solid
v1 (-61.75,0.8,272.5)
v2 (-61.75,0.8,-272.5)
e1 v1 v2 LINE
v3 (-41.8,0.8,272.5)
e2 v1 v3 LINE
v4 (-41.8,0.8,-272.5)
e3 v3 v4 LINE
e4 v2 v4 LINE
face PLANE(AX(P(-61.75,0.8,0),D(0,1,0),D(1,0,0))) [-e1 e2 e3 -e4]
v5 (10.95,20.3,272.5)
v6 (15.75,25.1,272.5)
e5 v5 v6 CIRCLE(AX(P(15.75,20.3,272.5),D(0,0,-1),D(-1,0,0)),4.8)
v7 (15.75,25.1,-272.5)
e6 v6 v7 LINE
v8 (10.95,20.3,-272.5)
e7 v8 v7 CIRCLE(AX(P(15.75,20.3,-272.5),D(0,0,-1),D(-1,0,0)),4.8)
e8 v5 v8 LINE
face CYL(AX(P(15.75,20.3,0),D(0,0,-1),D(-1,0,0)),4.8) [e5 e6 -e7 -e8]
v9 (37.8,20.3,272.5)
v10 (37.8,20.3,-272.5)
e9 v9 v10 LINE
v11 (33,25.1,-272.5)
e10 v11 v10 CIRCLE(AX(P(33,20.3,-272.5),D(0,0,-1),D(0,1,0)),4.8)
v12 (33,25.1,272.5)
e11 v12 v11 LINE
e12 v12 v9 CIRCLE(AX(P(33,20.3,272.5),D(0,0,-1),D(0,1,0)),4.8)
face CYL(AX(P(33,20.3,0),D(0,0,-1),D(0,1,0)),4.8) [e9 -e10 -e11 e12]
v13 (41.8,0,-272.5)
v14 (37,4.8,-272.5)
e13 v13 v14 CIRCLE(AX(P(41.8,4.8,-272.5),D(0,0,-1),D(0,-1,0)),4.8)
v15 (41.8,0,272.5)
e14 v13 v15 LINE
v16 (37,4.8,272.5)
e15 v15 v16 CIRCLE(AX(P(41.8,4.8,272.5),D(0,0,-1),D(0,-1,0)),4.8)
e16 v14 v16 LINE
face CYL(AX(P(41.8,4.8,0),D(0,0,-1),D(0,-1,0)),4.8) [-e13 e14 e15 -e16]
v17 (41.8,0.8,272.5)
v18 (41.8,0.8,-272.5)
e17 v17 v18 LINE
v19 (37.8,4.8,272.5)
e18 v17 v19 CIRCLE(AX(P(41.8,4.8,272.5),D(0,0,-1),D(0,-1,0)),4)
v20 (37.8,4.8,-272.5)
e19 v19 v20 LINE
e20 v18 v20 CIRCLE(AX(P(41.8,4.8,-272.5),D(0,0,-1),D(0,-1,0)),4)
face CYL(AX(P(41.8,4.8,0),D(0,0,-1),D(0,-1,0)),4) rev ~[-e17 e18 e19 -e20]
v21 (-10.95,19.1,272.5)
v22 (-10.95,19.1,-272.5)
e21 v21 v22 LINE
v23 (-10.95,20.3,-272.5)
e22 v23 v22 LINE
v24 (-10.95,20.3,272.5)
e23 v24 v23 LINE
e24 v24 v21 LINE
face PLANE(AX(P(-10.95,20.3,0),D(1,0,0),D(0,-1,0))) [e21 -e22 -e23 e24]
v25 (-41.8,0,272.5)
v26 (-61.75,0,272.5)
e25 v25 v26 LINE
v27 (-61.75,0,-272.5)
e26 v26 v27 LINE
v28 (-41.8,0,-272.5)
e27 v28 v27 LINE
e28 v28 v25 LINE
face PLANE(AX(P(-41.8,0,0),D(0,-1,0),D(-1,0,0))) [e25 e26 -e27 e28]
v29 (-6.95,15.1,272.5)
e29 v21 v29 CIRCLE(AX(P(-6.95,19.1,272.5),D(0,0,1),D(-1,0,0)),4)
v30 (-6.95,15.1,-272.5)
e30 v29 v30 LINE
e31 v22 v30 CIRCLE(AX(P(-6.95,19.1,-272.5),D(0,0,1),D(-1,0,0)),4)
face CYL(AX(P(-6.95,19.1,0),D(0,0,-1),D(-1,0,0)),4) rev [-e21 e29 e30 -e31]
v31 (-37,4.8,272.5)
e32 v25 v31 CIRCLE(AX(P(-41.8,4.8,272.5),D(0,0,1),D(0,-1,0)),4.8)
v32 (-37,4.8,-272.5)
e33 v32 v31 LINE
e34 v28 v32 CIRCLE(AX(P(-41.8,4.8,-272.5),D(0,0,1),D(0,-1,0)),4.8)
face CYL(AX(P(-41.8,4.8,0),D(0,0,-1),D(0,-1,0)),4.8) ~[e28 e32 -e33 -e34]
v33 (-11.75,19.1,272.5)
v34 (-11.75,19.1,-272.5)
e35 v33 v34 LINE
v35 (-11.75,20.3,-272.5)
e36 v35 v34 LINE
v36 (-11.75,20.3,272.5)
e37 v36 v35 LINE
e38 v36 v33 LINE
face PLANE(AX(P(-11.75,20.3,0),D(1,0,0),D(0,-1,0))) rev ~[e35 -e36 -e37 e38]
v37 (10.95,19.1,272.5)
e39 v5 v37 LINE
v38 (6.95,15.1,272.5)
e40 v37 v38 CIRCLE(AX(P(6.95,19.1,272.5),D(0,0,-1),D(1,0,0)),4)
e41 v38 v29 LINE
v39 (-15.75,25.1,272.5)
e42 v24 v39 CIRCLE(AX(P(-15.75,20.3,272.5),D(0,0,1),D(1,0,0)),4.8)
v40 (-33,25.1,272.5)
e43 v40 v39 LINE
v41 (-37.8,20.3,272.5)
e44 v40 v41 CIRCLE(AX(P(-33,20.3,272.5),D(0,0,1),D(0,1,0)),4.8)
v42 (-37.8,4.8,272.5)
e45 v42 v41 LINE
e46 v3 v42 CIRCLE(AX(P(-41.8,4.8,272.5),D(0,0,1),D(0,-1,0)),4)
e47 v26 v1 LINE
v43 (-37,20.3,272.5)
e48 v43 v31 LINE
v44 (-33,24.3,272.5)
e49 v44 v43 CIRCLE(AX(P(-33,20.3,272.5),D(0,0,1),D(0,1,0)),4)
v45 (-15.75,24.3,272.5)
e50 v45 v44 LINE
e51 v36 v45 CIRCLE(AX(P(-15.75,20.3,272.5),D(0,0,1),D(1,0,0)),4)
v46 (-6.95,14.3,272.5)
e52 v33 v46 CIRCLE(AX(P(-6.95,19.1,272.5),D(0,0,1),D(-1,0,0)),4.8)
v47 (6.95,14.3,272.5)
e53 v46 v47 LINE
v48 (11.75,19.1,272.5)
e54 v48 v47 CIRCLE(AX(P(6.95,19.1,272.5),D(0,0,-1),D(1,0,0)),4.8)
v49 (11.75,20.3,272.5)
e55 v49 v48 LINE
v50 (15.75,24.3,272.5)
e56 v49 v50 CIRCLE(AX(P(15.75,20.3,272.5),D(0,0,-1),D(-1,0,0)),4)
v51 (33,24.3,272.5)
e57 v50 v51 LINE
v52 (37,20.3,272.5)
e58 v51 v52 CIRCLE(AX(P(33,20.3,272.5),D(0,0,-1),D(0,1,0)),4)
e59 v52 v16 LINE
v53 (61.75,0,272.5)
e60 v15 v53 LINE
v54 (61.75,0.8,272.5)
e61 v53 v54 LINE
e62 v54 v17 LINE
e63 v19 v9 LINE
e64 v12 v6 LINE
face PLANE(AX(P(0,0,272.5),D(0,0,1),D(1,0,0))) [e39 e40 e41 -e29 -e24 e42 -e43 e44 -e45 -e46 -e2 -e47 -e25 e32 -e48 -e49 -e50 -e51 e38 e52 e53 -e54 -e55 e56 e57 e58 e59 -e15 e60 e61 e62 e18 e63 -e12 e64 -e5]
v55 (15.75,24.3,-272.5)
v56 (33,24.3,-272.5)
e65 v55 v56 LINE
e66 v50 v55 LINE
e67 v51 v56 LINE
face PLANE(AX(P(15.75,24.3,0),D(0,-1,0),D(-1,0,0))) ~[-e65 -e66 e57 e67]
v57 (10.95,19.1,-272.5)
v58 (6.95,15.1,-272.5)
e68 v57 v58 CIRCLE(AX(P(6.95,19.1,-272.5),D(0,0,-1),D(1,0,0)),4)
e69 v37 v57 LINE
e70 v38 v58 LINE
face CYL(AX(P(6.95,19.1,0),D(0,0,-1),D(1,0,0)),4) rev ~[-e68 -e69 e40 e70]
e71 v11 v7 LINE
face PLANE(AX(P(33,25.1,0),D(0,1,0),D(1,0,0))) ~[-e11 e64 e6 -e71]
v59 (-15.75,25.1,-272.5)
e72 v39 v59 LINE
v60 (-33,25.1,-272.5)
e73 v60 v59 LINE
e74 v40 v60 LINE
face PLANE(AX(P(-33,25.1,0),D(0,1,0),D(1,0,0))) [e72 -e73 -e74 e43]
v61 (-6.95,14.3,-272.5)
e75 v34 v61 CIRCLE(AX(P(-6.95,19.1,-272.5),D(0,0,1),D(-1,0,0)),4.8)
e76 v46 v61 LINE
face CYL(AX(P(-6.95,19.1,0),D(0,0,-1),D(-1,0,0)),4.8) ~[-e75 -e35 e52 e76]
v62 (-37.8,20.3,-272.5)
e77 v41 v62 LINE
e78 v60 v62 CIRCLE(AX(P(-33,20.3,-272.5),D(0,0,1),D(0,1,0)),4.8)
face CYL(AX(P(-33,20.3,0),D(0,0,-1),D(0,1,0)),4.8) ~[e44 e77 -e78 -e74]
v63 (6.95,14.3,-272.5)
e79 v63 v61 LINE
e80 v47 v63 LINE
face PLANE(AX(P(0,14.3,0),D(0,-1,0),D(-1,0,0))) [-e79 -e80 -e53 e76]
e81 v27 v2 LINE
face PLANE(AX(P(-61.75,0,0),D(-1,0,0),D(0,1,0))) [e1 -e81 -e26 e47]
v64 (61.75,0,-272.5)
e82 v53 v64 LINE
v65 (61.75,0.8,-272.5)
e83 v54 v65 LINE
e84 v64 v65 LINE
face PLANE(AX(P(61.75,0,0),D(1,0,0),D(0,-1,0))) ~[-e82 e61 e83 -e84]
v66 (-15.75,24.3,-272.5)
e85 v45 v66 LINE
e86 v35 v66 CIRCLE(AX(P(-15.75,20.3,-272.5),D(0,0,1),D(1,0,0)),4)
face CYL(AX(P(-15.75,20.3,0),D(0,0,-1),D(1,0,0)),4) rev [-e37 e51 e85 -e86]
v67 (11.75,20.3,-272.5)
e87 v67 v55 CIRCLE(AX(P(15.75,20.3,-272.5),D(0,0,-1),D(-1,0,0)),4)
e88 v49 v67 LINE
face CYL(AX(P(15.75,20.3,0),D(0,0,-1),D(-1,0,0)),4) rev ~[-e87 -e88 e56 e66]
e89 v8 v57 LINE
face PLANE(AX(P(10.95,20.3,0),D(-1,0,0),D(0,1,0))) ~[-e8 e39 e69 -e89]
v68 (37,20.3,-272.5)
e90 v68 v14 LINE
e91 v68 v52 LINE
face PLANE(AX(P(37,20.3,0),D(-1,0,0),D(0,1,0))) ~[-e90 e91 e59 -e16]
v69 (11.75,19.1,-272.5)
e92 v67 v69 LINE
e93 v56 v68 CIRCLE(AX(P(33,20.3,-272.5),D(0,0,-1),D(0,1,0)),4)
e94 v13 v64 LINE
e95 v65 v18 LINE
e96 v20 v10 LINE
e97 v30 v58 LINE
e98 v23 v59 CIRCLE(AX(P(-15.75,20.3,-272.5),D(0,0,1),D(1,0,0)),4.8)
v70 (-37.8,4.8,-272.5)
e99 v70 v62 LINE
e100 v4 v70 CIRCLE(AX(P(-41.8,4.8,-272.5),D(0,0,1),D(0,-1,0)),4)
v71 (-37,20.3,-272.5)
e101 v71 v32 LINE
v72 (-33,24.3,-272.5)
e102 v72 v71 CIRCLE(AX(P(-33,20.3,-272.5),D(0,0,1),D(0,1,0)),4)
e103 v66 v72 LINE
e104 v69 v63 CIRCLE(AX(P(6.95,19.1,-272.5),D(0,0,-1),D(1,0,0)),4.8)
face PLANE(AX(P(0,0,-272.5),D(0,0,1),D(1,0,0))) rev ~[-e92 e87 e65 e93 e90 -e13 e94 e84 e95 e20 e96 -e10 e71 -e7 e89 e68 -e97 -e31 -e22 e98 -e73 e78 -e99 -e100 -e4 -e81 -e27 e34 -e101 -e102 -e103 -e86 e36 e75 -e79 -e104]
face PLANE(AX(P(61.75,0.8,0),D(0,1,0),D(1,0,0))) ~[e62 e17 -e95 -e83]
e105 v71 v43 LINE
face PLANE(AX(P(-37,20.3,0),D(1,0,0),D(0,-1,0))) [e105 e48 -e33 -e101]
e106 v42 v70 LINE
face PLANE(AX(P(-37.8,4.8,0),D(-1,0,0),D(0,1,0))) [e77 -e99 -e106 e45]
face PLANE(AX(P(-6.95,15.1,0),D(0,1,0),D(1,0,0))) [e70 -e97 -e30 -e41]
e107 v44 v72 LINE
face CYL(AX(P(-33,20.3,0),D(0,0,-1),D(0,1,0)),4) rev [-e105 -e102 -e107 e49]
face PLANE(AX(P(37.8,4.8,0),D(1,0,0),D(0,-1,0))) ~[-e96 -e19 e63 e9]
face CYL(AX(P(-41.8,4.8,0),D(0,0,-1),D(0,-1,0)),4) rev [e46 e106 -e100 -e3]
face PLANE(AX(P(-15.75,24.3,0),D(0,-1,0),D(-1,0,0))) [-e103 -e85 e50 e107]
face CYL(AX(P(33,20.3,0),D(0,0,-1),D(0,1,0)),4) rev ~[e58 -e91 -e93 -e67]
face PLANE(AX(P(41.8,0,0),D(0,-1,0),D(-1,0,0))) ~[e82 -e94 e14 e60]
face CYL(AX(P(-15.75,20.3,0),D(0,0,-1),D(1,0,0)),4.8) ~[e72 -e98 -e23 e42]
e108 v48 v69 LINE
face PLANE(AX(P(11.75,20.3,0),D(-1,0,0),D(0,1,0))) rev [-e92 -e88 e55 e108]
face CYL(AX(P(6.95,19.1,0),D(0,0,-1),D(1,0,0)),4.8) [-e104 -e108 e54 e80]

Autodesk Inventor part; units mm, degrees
ref_plane "YZ Plane" through (0, 0, 0) normal (1, 0, 0) x (0, 1, 0)
ref_plane "XZ Plane" through (0, 0, 0) normal (0, 1, 0) x (-1, 0, 0)
ref_plane "XY Plane" through (0, 0, 0) normal (0, 0, 1) x (1, 0, 0)
sketch "Sketch1" plane through (0, 0, 0) normal (0, 0, 1) x (1, 0, 0)
  line L0 (-41.8, 0) -> (-61.75, 0)
  line L1 (-15.75, 24.3) -> (-33, 24.3)
  line L2 (0, 14.3) -> (-6.95, 14.3)
  line L3 (-11.75, 20.3) -> (-11.75, 19.1)
  line L4 (-37, 20.3) -> (-37, 4.8)
  arc A0 (-11.75, 19.1) -> (-6.95, 14.3) centre (-6.95, 19.1) ccw
  arc A1 (-11.75, 20.3) -> (-15.75, 24.3) centre (-15.75, 20.3) ccw
  arc A2 (-33, 24.3) -> (-37, 20.3) centre (-33, 20.3) ccw
  arc A3 (-41.8, 0) -> (-37, 4.8) centre (-41.8, 4.8) ccw
  line L5 (-61.75, 0.8) -> (-41.8, 0.8)
  arc A4 (-41.8, 0.8) -> (-37.8, 4.8) centre (-41.8, 4.8) ccw
  line L6 (-37.8, 4.8) -> (-37.8, 20.3)
  arc A5 (-33, 25.1) -> (-37.8, 20.3) centre (-33, 20.3) ccw
  line L7 (-33, 25.1) -> (-15.75, 25.1)
  arc A6 (-10.95, 20.3) -> (-15.75, 25.1) centre (-15.75, 20.3) ccw
  line L8 (-10.95, 20.3) -> (-10.95, 19.1)
  arc A7 (-10.95, 19.1) -> (-6.95, 15.1) centre (-6.95, 19.1) ccw
  line L9 (-6.95, 15.1) -> (0, 15.1)
  line L10 (-61.75, 0) -> (-61.75, 0.8)
  line L11 (0, 0) -> (0, 9.3563)
  line L12 (0, 14.3) -> (0, 15.1)
  dimension "d0" = 14.3
  dimension "d2" = 24.3
  dimension "d4" = 25.25
  dimension "d5" = 4.8
  dimension "d6" = 4
  dimension "d8" = 0.8
  dimension "d11" = 6.95
  dimension "d12" = 19.95
extrude "Extrusion1" add sketch "Sketch1" along normal mid plane 545
mirror "Mirror1" about plane through (0, 0, 0) normal (1, 0, 0) of "Extrusion1"
properties part number "AAD0001106802"
